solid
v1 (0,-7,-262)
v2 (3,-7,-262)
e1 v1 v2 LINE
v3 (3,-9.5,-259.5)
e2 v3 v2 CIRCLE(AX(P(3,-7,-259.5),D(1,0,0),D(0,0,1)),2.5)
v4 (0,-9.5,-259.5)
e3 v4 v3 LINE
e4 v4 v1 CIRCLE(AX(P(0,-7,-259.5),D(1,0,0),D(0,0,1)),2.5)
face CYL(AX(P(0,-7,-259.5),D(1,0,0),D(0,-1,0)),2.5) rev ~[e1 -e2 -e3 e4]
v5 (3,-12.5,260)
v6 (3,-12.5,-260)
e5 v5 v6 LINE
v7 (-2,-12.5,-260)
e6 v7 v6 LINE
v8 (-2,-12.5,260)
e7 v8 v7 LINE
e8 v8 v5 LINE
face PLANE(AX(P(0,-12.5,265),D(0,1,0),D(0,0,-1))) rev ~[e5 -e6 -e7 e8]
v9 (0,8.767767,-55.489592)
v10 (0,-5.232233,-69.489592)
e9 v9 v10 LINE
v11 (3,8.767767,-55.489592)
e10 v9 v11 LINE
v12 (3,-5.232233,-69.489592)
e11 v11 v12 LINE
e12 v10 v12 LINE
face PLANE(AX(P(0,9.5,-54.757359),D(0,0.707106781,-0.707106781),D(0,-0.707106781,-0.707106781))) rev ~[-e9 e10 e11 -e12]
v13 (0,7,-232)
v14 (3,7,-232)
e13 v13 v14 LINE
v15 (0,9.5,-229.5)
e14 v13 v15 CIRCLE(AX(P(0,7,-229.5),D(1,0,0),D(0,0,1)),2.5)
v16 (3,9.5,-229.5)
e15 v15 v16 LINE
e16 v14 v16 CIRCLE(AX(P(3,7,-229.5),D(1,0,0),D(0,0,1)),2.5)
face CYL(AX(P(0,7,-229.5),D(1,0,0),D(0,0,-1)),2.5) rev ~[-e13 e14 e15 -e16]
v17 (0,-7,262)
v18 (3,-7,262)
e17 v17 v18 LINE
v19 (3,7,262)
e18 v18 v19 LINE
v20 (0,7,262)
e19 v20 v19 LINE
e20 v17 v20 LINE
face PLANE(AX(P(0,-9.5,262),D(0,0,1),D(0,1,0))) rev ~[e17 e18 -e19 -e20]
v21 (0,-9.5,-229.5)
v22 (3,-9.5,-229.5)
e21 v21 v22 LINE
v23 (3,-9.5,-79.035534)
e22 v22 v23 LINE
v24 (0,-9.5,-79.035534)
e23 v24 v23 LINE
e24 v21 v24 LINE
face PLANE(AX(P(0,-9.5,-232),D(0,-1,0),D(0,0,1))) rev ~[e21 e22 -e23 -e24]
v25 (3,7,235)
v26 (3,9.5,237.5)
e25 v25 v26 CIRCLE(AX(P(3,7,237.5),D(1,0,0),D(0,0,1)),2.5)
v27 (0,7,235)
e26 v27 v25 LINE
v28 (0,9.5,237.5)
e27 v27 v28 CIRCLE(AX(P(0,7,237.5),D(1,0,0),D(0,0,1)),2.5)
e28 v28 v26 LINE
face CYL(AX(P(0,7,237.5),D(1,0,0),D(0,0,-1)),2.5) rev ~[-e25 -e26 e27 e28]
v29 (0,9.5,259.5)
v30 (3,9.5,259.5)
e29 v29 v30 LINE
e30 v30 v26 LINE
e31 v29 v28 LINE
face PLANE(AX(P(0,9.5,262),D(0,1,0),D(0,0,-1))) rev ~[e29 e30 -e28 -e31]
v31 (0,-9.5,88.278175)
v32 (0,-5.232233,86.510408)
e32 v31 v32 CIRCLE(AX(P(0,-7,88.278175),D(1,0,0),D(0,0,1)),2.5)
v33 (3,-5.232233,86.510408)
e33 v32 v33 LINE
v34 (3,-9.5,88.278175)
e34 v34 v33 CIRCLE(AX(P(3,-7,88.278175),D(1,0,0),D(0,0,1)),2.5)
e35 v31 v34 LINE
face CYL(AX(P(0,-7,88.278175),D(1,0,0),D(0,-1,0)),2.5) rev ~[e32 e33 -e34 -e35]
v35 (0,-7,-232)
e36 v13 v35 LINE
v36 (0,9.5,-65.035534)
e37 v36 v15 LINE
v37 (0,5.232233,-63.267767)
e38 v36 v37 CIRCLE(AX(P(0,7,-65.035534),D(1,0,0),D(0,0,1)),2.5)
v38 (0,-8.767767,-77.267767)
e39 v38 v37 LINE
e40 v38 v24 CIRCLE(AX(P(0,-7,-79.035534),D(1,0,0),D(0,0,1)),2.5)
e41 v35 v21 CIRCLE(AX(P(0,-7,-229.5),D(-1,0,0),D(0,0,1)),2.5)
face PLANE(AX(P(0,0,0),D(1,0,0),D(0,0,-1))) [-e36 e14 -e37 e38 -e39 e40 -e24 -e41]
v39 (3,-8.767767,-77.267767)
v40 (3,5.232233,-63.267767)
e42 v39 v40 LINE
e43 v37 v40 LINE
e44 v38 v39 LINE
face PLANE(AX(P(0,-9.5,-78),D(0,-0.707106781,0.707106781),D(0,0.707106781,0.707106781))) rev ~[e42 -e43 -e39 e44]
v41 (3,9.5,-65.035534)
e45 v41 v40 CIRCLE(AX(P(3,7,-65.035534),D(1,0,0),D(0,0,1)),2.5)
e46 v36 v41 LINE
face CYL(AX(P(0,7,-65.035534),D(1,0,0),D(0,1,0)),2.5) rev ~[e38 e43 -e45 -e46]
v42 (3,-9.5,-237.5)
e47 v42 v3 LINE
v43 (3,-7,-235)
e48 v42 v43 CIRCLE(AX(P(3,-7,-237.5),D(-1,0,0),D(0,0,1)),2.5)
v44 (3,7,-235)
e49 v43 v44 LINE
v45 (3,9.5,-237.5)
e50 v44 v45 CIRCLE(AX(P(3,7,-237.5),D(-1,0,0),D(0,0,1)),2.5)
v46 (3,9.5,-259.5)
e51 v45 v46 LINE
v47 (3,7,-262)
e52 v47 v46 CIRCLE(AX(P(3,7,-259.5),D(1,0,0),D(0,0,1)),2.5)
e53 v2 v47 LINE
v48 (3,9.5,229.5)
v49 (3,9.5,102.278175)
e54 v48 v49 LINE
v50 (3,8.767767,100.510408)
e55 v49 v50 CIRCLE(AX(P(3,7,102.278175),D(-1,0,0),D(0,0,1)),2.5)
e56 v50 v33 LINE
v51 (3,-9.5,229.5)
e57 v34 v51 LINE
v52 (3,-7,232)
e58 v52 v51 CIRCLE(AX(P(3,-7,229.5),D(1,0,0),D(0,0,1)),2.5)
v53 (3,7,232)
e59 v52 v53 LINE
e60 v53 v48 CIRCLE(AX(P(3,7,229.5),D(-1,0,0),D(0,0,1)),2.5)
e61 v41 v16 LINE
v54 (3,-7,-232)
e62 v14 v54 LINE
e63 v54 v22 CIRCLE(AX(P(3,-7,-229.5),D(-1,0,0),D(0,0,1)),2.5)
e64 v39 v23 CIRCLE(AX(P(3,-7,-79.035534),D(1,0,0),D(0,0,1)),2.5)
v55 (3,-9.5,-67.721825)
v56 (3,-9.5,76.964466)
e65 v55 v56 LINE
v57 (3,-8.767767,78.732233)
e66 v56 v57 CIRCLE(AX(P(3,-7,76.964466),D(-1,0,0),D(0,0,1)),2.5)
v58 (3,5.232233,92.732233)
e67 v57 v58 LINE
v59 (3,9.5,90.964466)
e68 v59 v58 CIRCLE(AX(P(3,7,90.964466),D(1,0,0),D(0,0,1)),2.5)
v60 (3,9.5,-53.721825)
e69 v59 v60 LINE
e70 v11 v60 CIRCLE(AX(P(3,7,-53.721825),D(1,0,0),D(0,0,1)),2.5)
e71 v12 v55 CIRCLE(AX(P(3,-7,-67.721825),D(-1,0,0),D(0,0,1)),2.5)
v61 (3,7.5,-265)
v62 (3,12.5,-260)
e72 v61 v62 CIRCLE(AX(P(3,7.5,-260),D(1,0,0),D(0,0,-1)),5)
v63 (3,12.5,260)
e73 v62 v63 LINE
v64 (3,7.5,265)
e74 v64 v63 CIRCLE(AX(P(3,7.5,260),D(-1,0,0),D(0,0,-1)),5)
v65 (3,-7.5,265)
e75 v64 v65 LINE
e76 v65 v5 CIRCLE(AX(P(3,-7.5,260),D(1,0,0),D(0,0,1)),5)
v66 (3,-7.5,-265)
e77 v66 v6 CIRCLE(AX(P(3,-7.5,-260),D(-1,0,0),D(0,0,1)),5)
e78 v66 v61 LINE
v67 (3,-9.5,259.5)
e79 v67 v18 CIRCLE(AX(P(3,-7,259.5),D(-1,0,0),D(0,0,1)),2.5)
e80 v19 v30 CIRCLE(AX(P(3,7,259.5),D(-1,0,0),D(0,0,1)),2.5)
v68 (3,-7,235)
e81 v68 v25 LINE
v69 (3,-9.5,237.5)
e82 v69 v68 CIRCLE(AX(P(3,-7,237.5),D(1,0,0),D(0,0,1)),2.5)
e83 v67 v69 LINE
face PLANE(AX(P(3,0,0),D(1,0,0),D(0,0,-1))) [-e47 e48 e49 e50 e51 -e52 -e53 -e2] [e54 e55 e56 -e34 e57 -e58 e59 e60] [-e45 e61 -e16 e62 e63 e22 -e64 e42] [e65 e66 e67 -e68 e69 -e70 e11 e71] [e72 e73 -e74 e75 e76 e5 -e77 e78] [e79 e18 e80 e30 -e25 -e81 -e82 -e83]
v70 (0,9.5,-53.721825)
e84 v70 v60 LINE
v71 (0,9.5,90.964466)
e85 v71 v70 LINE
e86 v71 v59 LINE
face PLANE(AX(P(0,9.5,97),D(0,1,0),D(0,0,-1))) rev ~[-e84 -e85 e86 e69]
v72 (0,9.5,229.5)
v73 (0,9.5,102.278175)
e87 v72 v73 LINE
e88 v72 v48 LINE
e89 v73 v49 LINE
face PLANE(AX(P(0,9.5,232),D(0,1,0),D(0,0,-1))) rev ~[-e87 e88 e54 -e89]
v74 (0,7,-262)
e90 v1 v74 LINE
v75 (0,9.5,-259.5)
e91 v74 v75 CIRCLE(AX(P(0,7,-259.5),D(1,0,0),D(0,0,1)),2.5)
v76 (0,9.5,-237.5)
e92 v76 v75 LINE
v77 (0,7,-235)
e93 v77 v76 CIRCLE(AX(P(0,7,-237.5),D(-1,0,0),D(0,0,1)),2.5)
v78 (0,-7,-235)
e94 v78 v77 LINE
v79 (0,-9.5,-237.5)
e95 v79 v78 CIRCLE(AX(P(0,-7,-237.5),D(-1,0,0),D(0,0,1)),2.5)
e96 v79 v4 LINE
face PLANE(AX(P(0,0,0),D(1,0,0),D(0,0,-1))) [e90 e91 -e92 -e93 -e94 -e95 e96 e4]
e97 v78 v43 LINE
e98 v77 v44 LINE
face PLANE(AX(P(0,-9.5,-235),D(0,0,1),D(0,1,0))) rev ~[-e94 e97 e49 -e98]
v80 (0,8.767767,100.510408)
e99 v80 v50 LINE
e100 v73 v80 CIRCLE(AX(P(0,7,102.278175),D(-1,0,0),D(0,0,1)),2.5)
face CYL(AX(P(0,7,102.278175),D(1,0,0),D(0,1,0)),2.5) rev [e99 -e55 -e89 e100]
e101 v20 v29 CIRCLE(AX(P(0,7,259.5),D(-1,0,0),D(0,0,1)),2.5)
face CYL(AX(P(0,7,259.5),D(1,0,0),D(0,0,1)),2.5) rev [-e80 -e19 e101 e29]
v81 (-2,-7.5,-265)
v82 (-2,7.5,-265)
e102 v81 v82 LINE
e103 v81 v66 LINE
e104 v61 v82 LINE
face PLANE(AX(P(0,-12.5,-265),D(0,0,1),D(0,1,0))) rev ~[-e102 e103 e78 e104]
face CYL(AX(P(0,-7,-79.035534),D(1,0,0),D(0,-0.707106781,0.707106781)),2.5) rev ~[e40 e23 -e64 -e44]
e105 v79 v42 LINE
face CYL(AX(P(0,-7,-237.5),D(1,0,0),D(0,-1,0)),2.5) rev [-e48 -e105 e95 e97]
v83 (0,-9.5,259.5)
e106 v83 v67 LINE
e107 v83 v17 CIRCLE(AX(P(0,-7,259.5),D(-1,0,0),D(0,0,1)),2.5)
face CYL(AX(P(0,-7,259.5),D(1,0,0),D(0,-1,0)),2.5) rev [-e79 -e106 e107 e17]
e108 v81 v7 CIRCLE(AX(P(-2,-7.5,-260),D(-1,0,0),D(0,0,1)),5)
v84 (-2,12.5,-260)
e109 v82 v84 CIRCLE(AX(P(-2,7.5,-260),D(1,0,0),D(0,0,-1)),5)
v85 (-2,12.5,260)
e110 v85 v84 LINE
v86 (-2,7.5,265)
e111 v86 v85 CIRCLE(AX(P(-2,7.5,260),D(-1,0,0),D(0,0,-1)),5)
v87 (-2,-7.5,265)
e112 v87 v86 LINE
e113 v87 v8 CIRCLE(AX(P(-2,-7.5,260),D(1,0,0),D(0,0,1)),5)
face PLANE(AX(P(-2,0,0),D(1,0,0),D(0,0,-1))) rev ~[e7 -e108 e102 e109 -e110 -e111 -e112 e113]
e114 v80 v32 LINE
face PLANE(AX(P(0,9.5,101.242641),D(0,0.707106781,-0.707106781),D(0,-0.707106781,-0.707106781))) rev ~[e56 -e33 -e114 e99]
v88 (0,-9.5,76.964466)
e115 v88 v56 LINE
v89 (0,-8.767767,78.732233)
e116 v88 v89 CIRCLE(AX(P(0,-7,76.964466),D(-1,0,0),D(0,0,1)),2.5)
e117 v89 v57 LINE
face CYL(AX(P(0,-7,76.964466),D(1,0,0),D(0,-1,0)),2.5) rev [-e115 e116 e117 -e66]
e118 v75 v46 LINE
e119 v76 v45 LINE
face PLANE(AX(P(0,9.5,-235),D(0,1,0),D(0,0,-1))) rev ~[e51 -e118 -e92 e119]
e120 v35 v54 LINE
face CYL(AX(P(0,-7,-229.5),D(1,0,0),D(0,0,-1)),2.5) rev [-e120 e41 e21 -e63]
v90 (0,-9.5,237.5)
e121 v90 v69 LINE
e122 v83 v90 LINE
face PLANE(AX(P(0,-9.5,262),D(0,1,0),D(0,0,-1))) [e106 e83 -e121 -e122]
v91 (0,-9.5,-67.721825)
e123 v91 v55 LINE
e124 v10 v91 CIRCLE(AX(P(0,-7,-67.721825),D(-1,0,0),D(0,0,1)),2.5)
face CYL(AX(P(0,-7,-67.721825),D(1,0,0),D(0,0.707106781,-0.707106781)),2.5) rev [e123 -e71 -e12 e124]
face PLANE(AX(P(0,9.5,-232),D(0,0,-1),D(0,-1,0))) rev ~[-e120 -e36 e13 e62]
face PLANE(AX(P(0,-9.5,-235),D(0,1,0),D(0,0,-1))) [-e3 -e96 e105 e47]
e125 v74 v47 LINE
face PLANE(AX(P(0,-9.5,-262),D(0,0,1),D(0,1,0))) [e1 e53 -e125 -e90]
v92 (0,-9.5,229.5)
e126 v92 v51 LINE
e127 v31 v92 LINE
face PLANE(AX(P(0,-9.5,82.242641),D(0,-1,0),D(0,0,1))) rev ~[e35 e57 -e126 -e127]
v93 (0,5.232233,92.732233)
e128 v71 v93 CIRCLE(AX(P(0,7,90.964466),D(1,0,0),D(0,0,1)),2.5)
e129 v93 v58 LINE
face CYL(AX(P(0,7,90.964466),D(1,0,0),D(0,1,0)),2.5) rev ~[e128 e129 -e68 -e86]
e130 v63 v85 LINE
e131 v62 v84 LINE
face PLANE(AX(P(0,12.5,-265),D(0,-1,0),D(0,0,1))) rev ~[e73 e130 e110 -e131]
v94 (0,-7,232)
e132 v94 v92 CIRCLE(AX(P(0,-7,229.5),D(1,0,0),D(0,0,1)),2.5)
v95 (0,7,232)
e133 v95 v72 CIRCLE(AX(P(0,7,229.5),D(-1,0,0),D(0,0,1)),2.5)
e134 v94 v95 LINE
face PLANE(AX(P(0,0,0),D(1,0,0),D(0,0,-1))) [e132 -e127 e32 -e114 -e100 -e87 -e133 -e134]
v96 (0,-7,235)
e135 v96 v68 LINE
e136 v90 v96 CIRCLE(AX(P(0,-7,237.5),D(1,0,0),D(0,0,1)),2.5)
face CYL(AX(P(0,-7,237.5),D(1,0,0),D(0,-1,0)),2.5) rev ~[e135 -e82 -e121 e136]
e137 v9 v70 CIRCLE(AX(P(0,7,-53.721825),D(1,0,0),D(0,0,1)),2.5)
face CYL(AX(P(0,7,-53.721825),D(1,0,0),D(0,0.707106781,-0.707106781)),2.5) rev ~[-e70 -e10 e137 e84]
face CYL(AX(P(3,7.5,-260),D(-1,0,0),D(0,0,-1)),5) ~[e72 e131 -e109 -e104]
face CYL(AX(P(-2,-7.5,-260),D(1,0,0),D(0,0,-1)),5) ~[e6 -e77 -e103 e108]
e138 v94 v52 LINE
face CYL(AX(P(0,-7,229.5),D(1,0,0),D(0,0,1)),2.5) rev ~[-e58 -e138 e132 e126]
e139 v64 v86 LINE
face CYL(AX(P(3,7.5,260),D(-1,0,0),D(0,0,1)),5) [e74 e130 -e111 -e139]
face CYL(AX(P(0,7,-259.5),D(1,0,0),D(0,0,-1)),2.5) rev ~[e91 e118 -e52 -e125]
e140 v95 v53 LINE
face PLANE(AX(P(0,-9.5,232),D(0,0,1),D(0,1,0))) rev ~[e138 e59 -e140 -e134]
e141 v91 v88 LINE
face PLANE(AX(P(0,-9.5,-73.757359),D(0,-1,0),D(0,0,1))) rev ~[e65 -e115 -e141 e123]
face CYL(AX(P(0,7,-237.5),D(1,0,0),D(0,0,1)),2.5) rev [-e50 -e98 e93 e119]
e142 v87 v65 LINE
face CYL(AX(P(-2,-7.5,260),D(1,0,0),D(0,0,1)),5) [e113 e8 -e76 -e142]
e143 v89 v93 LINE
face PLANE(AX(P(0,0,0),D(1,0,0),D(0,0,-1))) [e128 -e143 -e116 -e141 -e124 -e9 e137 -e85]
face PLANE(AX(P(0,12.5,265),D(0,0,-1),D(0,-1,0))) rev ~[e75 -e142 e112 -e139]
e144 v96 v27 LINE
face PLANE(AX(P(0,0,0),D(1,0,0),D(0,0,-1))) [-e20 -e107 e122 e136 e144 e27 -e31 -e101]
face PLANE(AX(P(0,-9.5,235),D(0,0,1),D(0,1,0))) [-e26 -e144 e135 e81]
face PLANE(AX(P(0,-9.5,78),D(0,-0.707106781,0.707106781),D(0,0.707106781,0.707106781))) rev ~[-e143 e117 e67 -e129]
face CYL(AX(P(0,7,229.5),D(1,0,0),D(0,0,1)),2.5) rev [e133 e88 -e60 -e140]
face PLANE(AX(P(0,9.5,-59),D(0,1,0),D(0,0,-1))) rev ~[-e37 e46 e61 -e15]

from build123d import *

# Parameters (mm, degrees)
BOSS_EXTRUDE3_DEPTH = 2
SKETCH1_5_W         = 27
SKETCH1_5_H         = 19
BOSS_EXTRUDE4_DEPTH = 3
FILLET1_R           = 5
FILLET2_R           = 2.5
FILLET3_R           = 2.5


with BuildPart() as part:
    # Sketch1 → Boss-Extrude3 (new body)
    with BuildSketch(Plane(origin=(0, 0, 0), x_dir=(0, 0, -1), z_dir=(1, 0, 0))):
        Polygon((-265, -12.5), (0, -12.5), (265, -12.5), (265, 12.5), (-265, 12.5), align=None)
    extrude(amount=-BOSS_EXTRUDE3_DEPTH)

    # Sketch1<5> → Boss-Extrude4 (add)
    with BuildSketch(Plane(origin=(0, 0, 0), x_dir=(0, 0, -1), z_dir=(1, 0, 0))):
        Polygon((-265, -12.5), (0, -12.5), (265, -12.5), (265, 12.5), (-265, 12.5), align=None)
        with Locations((-248.5, 0)):
            Rectangle(SKETCH1_5_W, SKETCH1_5_H, mode=Mode.SUBTRACT)
        Polygon((-82.242640687, -9.5), (-232, -9.5), (-232, 9.5), (-101.242640687, 9.5), align=None, mode=Mode.SUBTRACT)
        Polygon((0, -9.5), (-78, -9.5), (-97, 9.5), (54.757359313, 9.5), (73.757359313, -9.5), align=None, mode=Mode.SUBTRACT)
        Polygon((232, -9.5), (78, -9.5), (59, 9.5), (232, 9.5), align=None, mode=Mode.SUBTRACT)
        with Locations((248.5, 0)):
            Rectangle(SKETCH1_5_W, SKETCH1_5_H, mode=Mode.SUBTRACT)
    extrude(amount=BOSS_EXTRUDE4_DEPTH)

    # Fillet1
    fillet1_edges = [part.edges().sort_by_distance(p)[0] for p in [
        (0.5, 12.5, -265),
        (0.5, -12.5, -265),
        (0.5, 12.5, 265),
        (0.5, -12.5, 265),
    ]]
    fillet(fillet1_edges, radius=FILLET1_R)

    # Fillet2
    fillet2_edges = [part.edges().sort_by_distance(p)[0] for p in [
        (1.5, -9.5, -262),
        (1.5, 9.5, -262),
        (1.5, -9.5, 262),
        (1.5, 9.5, 262),
    ]]
    fillet(fillet2_edges, radius=FILLET2_R)

    # Fillet3
    fillet3_edges = [part.edges().sort_by_distance(p)[0] for p in [
        (1.5, -9.5, -235),
        (1.5, 9.5, -235),
        (1.5, 9.5, -232),
        (1.5, -9.5, -232),
        (1.5, 9.5, -59),
        (1.5, -9.5, -78),
        (1.5, -9.5, -73.757359313),
        (1.5, 9.5, -54.757359313),
        (1.5, 9.5, 97),
        (1.5, -9.5, 78),
        (1.5, -9.5, 82.242640687),
        (1.5, 9.5, 101.242640687),
        (1.5, -9.5, 232),
        (1.5, 9.5, 232),
        (1.5, -9.5, 235),
        (1.5, 9.5, 235),
    ]]
    fillet(fillet3_edges, radius=FILLET3_R)


solid = part.part
